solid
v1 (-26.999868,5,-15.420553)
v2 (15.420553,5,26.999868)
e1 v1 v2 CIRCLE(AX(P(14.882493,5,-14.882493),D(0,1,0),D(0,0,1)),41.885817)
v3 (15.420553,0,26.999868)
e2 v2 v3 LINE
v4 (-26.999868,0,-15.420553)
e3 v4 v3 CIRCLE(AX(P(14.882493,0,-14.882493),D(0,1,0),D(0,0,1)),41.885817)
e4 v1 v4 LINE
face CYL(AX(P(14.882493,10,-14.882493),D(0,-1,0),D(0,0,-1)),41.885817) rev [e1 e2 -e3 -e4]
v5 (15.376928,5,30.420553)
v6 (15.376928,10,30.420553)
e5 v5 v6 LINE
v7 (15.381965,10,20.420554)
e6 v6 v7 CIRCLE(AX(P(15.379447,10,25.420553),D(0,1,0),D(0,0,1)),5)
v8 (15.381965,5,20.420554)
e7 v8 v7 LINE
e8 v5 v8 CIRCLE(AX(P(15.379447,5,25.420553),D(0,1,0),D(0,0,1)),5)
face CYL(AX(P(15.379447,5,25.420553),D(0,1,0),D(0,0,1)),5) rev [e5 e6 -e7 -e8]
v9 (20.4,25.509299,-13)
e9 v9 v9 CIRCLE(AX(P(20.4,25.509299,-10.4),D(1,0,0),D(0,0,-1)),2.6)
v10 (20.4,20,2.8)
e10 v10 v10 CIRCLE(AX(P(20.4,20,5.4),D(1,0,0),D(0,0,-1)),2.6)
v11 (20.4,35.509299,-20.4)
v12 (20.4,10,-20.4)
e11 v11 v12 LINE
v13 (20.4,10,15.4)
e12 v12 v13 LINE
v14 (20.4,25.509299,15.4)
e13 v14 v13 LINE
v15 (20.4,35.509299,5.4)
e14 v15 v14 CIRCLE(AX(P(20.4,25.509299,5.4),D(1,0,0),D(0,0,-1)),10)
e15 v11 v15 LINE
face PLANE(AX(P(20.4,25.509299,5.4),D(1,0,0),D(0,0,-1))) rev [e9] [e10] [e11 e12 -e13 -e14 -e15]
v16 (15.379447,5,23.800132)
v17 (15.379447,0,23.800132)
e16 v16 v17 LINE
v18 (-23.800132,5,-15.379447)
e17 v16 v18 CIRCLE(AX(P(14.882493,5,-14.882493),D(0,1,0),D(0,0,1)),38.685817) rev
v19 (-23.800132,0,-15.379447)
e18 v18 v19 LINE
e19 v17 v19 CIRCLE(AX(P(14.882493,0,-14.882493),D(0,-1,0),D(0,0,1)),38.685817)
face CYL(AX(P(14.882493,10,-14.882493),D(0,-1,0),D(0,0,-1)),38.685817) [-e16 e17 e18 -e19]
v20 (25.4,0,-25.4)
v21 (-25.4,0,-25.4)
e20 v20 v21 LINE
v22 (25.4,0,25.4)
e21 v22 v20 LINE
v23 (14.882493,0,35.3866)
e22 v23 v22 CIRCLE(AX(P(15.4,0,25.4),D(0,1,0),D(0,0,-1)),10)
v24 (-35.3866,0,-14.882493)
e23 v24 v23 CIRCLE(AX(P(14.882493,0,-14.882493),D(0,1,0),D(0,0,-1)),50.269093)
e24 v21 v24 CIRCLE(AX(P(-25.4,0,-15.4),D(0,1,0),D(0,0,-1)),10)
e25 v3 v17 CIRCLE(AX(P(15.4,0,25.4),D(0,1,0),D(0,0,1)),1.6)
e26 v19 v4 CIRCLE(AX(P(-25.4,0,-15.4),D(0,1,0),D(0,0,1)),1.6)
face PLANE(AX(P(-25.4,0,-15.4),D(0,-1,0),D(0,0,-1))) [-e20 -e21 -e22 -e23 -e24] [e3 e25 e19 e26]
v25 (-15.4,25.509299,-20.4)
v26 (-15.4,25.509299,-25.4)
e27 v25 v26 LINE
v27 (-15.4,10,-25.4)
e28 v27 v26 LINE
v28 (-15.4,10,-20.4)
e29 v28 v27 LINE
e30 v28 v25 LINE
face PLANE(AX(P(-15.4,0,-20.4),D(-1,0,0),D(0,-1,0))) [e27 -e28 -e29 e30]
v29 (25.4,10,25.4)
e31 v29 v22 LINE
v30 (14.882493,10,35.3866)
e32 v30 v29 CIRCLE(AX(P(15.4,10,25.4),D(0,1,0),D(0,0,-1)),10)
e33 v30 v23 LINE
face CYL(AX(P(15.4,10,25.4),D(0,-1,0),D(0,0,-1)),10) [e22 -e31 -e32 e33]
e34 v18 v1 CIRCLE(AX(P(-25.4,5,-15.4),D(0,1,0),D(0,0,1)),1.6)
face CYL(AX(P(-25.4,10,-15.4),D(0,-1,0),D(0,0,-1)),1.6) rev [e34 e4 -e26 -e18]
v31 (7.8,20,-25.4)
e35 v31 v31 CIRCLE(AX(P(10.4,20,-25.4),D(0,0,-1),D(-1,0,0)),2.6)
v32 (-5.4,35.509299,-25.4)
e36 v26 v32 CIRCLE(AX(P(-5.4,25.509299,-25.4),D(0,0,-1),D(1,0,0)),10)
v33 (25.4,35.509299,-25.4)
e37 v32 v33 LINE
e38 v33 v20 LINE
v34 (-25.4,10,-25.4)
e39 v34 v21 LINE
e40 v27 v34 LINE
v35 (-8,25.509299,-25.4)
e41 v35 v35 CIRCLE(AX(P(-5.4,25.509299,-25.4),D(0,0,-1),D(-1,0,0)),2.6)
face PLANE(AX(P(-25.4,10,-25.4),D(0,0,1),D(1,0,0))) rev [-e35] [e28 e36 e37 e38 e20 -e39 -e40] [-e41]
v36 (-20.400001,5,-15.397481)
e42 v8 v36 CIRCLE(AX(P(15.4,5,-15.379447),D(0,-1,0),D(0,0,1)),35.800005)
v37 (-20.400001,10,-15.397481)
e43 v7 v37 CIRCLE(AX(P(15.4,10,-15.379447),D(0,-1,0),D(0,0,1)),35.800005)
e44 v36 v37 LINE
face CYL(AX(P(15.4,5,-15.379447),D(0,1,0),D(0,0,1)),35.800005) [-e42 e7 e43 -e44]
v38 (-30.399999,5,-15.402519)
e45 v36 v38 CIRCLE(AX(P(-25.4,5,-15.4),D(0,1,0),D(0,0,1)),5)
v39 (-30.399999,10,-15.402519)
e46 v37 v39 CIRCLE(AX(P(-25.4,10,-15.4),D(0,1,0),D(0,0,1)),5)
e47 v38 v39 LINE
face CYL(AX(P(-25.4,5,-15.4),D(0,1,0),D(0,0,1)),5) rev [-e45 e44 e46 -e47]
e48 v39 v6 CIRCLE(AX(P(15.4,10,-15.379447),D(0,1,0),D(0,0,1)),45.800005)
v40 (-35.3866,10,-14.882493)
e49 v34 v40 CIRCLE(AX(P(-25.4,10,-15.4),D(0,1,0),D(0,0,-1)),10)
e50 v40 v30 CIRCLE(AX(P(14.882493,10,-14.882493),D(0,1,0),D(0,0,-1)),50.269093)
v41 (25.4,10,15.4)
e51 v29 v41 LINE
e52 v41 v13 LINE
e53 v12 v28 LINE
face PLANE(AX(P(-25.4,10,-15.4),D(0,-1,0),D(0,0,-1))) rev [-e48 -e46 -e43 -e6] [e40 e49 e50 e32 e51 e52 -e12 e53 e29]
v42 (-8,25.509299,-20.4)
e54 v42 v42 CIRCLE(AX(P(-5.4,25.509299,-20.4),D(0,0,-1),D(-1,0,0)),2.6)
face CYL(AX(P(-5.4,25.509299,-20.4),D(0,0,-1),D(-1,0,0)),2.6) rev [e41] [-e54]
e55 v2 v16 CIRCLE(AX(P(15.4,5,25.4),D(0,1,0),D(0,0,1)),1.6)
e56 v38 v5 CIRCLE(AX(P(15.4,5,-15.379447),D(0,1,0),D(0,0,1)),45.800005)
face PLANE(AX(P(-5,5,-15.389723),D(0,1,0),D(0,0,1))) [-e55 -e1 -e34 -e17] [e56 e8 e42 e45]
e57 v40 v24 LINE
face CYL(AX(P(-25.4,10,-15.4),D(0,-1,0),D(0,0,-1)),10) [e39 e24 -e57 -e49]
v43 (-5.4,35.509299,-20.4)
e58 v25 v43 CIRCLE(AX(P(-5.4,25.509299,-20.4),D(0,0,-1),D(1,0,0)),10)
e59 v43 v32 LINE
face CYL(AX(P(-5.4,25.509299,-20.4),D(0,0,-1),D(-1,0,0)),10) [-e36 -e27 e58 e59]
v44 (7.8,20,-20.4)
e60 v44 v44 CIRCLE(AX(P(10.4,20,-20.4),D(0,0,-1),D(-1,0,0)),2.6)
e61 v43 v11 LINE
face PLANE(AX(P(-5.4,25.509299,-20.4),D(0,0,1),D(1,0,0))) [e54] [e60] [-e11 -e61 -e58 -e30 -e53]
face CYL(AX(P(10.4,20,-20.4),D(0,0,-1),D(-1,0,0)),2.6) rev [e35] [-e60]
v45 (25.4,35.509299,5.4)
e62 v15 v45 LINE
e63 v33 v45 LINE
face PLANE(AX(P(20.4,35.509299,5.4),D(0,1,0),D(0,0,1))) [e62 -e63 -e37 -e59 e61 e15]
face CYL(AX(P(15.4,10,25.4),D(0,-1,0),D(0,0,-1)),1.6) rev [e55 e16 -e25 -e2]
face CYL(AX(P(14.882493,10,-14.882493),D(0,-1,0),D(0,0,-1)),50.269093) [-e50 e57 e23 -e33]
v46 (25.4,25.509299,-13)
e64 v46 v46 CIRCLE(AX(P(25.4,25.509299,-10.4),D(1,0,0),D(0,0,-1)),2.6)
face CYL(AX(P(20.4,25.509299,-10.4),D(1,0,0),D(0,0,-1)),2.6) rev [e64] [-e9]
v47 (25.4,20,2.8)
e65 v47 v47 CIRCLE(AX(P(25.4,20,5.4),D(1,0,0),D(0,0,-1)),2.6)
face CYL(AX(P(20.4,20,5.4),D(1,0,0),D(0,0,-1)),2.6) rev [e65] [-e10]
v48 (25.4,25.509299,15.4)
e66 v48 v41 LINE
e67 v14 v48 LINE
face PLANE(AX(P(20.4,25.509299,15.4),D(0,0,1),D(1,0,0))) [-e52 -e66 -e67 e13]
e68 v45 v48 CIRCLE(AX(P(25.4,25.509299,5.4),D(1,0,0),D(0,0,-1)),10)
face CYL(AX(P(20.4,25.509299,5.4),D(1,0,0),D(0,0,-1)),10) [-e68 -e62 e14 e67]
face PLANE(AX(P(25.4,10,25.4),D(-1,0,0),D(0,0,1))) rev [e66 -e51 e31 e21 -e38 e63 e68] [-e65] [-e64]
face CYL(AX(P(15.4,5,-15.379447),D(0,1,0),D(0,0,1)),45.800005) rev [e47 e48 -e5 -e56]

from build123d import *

# Parameters (mm, degrees)
BOSS_EXTRUDE1_DEPTH = 10
CUT_EXTRUDE1_DEPTH  = 5
SKETCH4_R           = 2.6
BOSS_EXTRUDE2_DEPTH = 5
SKETCH5_R           = 2.6
BOSS_EXTRUDE3_DEPTH = 5


with BuildPart() as part:
    # Sketch1 → Boss-Extrude1 (new body)
    with BuildSketch(Plane(origin=(0, 0, 0), x_dir=(1, 0, 0), z_dir=(0, 1, 0))):
        with BuildLine():
            Line((-25.4, 25.4), (25.4, 25.4))
            Line((25.4, 25.4), (25.4, -25.4))
            ThreePointArc((25.4, -25.4), (22.285670886, -32.651726446), (14.882492711, -35.386600333))
            ThreePointArc((14.882492711, -35.386600333), (-20.663123864, -20.663123864), (-35.386600333, 14.882492711))
            ThreePointArc((-35.386600333, 14.882492711), (-32.651726446, 22.285670886), (-25.4, 25.4))
        make_face()
        with BuildLine():
            ThreePointArc((-26.999867981, 15.420553429), (-14.735252362, -14.735252362), (15.420553429, -26.999867981))
            ThreePointArc((15.420553429, -26.999867981), (16.999867981, -25.379446571), (15.379446571, -23.800132019))
            ThreePointArc((15.379446571, -23.800132019), (-12.472510663, -12.472510663), (-23.800132019, 15.379446571))
            ThreePointArc((-23.800132019, 15.379446571), (-25.379446571, 16.999867981), (-26.999867981, 15.420553429))
        make_face(mode=Mode.SUBTRACT)
    extrude(amount=BOSS_EXTRUDE1_DEPTH)

    # Sketch3 → Cut-Extrude1 (cut)
    with BuildSketch(Plane(origin=(0, 10, 0), x_dir=(1, 0, 0), z_dir=(0, 1, 0))):
        with BuildLine():
            ThreePointArc((-30.399999366, 15.402518802), (-17.001804661, -16.989729027), (15.376927769, -30.420552794))
            ThreePointArc((15.376927769, -30.420552794), (20.379445937, -25.423072231), (15.381965374, -20.420554063))
            ThreePointArc((15.381965374, -20.420554063), (-9.927175622, -9.922224237), (-20.400000634, 15.397481198))
            ThreePointArc((-20.400000634, 15.397481198), (-25.397481198, 20.399999366), (-30.399999366, 15.402518802))
        make_face()
    extrude(amount=-CUT_EXTRUDE1_DEPTH, mode=Mode.SUBTRACT)

    # Sketch4 → Boss-Extrude2 (add)
    with BuildSketch(Plane(origin=(25.4, 0, 0), x_dir=(0, 0, -1), z_dir=(1, 0, 0))):
        with BuildLine():
            Line((-15.4, 25.50929881), (-15.4, 0))
            Line((-15.4, 0), (25.4, 0))
            Line((25.4, 0), (25.4, 35.50929881))
            Line((25.4, 35.50929881), (-5.4, 35.50929881))
            ThreePointArc((-5.4, 35.50929881), (-12.471067812, 32.580366621), (-15.4, 25.50929881))
        make_face()
        with Locations((10.4, 25.50929881)):
            Circle(SKETCH4_R, mode=Mode.SUBTRACT)
        with Locations((-5.4, 20)):
            Circle(SKETCH4_R, mode=Mode.SUBTRACT)
    extrude(amount=-BOSS_EXTRUDE2_DEPTH)

    # Sketch5 → Boss-Extrude3 (add)
    with BuildSketch(Plane(origin=(0, 0, -25.4), x_dir=(-1, 0, 0), z_dir=(0, 0, -1))):
        with BuildLine():
            Line((5.4, 35.50929881), (-25.4, 35.50929881))
            Line((-25.4, 35.50929881), (-25.4, 0))
            Line((-25.4, 0), (15.4, 0))
            Line((15.4, 0), (15.4, 25.50929881))
            ThreePointArc((15.4, 25.50929881), (12.471067812, 32.580366621), (5.4, 35.50929881))
        make_face()
        with Locations((5.4, 25.50929881)):
            Circle(SKETCH5_R, mode=Mode.SUBTRACT)
        with Locations((-10.4, 20)):
            Circle(SKETCH5_R, mode=Mode.SUBTRACT)
    extrude(amount=-BOSS_EXTRUDE3_DEPTH)


solid = part.part
